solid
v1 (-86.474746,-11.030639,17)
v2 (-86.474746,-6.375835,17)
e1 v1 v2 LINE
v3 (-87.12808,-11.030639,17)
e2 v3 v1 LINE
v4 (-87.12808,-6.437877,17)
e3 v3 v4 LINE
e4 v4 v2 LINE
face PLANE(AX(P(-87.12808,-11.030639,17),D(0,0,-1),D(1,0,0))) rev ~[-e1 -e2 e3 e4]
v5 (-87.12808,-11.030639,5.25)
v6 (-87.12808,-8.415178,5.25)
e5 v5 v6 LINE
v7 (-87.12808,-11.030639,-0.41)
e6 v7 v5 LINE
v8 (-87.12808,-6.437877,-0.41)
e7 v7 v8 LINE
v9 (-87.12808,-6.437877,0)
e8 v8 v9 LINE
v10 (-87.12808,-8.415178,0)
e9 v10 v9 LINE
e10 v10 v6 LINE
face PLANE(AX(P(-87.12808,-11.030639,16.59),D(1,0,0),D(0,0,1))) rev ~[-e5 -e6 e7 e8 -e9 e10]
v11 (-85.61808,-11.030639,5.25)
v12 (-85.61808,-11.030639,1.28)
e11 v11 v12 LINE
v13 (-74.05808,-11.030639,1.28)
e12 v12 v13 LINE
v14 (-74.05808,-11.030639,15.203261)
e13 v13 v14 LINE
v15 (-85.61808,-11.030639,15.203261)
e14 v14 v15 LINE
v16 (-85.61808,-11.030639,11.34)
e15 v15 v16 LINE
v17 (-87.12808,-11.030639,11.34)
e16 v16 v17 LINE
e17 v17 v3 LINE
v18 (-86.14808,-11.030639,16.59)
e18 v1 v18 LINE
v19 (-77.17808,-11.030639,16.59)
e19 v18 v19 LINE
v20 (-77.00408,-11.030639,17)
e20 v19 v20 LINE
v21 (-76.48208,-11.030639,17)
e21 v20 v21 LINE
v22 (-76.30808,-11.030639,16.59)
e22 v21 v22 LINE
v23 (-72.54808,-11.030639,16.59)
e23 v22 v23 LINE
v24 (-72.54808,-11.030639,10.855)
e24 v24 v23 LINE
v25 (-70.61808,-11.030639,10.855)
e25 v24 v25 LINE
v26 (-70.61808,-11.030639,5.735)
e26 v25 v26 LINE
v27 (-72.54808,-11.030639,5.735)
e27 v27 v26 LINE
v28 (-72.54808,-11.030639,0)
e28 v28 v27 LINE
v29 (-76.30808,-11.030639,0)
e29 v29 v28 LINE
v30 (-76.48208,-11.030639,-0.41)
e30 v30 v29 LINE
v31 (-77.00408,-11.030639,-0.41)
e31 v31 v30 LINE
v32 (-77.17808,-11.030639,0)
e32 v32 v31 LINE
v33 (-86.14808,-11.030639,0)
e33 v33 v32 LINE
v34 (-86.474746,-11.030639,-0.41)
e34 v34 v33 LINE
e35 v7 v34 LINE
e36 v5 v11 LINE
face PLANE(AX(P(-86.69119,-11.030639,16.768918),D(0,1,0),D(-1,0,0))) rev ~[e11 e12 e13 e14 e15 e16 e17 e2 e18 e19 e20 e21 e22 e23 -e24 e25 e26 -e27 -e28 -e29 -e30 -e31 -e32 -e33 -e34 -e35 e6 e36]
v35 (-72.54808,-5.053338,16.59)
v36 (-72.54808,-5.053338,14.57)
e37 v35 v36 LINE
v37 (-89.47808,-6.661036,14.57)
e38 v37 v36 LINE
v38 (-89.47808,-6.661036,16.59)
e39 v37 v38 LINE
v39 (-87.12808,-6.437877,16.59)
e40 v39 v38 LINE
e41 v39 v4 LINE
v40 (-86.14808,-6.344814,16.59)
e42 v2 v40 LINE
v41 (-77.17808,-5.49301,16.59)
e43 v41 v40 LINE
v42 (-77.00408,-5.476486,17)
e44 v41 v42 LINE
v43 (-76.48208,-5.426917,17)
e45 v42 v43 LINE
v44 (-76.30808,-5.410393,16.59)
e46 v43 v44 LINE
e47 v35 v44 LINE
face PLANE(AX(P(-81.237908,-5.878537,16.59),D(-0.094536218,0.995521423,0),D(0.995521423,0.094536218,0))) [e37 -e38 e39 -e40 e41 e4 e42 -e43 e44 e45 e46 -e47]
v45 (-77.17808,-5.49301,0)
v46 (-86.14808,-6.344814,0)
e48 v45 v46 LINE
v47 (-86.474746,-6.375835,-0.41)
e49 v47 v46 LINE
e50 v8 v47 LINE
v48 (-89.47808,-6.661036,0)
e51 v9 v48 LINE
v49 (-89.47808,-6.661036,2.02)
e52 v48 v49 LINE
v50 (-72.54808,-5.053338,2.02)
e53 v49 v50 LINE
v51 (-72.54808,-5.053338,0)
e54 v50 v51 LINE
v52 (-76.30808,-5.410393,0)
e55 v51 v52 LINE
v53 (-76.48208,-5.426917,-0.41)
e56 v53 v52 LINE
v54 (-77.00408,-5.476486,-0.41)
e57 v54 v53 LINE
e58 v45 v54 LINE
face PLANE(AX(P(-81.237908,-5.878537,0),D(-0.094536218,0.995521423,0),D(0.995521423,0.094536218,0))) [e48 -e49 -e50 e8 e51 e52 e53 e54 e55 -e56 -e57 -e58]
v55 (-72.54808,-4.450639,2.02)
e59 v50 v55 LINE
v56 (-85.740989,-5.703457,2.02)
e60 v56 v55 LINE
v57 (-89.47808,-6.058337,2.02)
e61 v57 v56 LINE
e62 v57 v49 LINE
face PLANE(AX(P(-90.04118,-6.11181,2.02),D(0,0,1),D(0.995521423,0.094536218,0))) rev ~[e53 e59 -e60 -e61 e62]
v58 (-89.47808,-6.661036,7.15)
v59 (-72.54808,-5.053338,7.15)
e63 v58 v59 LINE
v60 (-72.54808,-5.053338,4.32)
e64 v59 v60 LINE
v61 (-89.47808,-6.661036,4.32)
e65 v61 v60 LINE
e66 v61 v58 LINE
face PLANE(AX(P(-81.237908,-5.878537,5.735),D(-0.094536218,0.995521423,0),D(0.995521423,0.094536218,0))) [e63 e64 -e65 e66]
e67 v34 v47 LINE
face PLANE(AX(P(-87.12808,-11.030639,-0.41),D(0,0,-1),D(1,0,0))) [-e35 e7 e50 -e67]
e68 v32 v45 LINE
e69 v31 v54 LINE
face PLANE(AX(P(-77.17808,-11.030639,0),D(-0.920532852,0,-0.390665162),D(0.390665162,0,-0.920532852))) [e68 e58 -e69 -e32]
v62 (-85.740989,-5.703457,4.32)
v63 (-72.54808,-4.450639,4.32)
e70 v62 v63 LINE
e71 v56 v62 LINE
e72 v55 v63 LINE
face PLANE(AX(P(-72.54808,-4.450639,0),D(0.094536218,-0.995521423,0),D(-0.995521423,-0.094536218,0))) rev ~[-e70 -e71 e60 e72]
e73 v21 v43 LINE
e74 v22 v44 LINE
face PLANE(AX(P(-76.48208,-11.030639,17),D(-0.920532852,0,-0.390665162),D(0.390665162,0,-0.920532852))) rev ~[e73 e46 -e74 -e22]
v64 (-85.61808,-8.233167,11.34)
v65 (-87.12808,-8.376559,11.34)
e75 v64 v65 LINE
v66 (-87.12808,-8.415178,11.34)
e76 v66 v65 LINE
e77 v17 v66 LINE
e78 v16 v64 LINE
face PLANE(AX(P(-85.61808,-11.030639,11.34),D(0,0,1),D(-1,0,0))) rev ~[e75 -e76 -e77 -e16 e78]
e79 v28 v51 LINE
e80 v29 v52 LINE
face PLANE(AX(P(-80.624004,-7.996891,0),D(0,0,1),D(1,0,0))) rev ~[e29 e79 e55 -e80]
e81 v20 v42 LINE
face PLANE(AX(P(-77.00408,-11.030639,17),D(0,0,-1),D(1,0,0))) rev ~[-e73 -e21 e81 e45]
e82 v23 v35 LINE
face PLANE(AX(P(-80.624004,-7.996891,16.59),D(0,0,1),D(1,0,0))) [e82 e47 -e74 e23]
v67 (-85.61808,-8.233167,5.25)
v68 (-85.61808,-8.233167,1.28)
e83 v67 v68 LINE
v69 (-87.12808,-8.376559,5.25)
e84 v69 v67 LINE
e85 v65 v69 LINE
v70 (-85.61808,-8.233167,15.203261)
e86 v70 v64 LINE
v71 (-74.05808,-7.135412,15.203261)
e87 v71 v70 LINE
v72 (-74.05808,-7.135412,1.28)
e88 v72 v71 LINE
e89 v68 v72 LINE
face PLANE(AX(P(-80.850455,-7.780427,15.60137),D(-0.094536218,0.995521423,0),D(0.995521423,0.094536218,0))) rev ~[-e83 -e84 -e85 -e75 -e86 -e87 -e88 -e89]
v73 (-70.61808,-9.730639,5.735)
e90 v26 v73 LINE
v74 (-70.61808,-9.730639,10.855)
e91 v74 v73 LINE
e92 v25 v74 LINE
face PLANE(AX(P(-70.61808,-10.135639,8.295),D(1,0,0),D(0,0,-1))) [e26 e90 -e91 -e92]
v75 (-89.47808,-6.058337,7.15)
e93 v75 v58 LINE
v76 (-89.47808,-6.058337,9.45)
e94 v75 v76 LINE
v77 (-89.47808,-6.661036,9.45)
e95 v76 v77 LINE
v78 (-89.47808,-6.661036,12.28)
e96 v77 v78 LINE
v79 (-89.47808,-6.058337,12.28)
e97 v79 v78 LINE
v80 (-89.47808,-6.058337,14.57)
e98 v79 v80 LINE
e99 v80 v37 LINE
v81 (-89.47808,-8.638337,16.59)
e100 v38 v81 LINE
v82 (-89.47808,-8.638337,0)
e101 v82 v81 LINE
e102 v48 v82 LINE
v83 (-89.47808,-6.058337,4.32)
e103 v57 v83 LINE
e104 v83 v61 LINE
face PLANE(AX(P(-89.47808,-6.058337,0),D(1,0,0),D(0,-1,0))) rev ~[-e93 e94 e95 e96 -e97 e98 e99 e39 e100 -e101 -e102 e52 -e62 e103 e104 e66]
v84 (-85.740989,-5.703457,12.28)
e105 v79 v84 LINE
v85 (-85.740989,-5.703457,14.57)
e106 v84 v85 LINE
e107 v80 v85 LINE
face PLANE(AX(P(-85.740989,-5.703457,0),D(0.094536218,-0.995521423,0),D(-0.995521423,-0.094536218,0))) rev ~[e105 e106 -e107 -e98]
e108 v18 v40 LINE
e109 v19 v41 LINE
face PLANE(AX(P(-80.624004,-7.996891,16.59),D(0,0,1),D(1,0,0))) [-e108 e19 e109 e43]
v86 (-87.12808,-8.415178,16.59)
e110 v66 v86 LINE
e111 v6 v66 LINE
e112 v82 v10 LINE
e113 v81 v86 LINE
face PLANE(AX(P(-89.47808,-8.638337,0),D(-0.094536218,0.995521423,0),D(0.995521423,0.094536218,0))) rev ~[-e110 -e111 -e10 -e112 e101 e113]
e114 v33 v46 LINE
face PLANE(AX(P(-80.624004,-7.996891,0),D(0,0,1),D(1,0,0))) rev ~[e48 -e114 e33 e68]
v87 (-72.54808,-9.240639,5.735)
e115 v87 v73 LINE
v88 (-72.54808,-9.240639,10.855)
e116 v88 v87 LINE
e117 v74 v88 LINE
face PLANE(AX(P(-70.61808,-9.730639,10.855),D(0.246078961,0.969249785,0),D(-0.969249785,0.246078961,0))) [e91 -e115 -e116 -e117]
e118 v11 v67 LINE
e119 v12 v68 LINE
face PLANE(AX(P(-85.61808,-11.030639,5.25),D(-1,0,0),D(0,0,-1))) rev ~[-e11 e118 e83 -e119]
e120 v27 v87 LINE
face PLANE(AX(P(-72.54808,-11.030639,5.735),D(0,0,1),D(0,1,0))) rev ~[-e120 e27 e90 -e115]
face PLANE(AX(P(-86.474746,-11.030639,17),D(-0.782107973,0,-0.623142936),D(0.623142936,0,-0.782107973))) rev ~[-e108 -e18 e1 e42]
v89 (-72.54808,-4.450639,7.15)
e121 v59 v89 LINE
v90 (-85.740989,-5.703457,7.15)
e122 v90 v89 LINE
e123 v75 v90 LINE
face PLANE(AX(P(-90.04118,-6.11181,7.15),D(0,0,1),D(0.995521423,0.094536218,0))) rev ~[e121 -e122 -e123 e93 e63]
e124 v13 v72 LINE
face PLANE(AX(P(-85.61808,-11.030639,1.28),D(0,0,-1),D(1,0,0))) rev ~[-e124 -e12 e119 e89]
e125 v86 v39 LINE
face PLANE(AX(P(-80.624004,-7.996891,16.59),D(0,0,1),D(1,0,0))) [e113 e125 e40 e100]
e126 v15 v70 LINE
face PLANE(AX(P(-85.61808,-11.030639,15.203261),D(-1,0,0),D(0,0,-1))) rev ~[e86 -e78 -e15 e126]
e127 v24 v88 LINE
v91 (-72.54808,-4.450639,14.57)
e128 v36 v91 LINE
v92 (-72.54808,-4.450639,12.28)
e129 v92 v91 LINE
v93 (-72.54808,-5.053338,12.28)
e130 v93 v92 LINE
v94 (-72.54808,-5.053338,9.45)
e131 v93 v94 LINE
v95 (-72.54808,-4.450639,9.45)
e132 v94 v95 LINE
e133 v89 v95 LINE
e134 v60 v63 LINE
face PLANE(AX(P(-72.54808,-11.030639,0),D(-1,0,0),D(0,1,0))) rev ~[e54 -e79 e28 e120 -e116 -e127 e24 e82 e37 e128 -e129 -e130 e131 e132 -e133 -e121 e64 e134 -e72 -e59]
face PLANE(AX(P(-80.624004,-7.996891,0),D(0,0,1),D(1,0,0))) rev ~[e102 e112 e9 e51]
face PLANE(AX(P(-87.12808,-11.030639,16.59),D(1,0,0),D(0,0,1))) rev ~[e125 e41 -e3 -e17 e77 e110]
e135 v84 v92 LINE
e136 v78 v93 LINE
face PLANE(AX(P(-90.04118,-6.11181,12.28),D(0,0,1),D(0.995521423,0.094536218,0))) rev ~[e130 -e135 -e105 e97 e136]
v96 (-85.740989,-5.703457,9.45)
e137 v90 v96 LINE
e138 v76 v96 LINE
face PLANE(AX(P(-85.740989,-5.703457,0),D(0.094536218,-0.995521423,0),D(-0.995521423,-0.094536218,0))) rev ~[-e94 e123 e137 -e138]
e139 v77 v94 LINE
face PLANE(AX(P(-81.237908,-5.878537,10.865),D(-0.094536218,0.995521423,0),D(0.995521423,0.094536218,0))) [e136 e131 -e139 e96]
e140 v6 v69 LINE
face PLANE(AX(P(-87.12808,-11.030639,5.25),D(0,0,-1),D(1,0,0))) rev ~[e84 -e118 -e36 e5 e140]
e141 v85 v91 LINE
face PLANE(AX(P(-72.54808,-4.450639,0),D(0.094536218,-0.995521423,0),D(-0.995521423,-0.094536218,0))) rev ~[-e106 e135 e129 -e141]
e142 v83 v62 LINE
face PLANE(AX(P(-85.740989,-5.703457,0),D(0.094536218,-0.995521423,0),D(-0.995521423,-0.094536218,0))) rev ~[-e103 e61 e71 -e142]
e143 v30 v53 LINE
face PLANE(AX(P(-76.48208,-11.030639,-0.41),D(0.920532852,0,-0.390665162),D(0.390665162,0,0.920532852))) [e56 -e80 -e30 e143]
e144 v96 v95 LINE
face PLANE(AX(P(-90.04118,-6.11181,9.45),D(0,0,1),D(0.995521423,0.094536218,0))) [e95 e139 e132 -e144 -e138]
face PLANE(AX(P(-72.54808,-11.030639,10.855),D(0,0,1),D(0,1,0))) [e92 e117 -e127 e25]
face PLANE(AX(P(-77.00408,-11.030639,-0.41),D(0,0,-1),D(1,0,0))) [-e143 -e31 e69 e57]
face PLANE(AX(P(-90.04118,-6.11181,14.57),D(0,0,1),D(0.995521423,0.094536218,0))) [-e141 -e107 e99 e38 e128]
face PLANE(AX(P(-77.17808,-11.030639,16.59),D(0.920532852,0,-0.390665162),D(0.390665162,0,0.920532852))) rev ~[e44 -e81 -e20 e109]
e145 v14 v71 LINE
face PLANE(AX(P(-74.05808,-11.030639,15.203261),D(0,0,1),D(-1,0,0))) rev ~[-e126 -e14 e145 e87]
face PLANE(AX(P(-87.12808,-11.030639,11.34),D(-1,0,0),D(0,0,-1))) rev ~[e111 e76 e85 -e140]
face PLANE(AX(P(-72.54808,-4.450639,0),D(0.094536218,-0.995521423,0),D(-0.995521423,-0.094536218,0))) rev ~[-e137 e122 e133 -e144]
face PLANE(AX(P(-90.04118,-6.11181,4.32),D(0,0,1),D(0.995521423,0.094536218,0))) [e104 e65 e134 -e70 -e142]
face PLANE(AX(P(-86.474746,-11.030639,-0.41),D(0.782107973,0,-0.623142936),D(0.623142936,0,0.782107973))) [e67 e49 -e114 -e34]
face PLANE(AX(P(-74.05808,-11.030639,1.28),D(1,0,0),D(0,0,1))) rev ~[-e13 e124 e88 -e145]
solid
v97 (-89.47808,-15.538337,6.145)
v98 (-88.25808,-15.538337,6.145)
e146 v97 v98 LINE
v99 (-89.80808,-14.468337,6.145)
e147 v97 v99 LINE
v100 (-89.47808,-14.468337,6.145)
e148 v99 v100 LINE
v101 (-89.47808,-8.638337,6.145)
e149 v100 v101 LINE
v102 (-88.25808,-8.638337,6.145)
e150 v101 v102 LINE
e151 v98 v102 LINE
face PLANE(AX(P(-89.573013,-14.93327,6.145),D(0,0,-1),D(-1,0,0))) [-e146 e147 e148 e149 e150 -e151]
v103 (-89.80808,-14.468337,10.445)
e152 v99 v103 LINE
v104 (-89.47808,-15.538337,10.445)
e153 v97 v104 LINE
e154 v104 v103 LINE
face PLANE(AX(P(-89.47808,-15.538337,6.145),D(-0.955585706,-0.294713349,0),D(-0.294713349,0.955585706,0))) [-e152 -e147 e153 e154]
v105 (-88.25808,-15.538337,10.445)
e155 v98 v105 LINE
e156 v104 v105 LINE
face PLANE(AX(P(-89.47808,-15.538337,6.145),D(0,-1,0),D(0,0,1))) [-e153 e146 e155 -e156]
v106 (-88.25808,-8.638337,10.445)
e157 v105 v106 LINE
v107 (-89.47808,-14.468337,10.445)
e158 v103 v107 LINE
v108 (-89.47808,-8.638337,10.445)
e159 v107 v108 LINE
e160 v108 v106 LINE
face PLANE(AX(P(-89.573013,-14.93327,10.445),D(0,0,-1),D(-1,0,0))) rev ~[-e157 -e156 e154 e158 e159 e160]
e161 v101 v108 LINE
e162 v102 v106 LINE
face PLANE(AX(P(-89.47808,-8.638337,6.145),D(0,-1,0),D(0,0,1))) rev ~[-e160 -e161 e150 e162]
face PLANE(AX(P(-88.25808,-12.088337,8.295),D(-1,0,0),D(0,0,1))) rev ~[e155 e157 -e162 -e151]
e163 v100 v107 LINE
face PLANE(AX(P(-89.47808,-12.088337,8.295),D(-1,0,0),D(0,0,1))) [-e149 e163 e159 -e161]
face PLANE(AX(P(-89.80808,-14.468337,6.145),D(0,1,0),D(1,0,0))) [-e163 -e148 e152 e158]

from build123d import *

# Parameters (mm, degrees)
BOSS_EXTRUDE1_DEPTH              = 16.59
BOSS_EXTRUDE2_DEPTH              = 6
SKETCH4_W                        = 17.571797515
SKETCH4_H                        = 4.04
SKETCH4_H_2                      = 2.83
CUT_EXTRUDE1_DEPTH               = 0.6
CUT_EXTRUDE2_DEPTH               = 1
SKETCH8_W                        = 5.12
SKETCH8_H                        = 1.79
BOSS_EXTRUDE3_DEPTH              = 1.93
CUT_EXTRUDE4_REACH               = 92.856
CUT_EXTRUDE5_REACH               = 95.246
CUT_EXTRUDE5_OFFSET_FROM_SURFACE = 1.93
SKETCH11_W                       = 4.3
SKETCH11_H                       = 6.9
BOSS_EXTRUDE4_DEPTH              = 1.22
BOSS_EXTRUDE5_DEPTH              = 4.3


with BuildPart() as part:
    # Sketch1 → Boss-Extrude1 (new body)
    with BuildSketch(Plane.XY):
        Polygon((-87.128079616, -11.030638703), (-72.548079616, -11.030638703), (-72.548079616, -4.450638703), (-85.740988622, -5.703457269), (-89.478079616, -6.058337075), (-89.478079616, -8.638337075), (-87.128079616, -8.415177525), align=None)
    extrude(amount=BOSS_EXTRUDE1_DEPTH)

    # Sketch6 → Boss-Extrude2 (add)
    with BuildSketch(Plane.XZ.offset(11.030638703)):
        Polygon((-87.128079616, 16.59), (-87.128079616, 17), (-86.474746282, 17), (-86.148079616, 16.59), align=None)
        Polygon((-77.178079616, 16.59), (-77.004079616, 17), (-76.482079616, 17), (-76.308079616, 16.59), align=None)
        Polygon((-87.128079616, 0), (-87.128079616, -0.41), (-86.474746282, -0.41), (-86.148079616, 0), align=None)
        Polygon((-77.178079616, 0), (-77.004079616, -0.41), (-76.482079616, -0.41), (-76.308079616, 0), align=None)
    extrude(amount=-BOSS_EXTRUDE2_DEPTH)

    # Sketch4 → Cut-Extrude1 (cut)
    with BuildSketch(Plane(origin=(-0.229506985, 2.416842188, 0), x_dir=(0.9955214229157637, 0.09453621801073521, 0), z_dir=(-0.0945362180107352, 0.9955214229157636, 0))):
        with Locations((-81.429812757, 0)):
            Rectangle(SKETCH4_W, SKETCH4_H)
        with Locations((-81.429812757, -16.59)):
            Rectangle(SKETCH4_W, SKETCH4_H)
        with Locations((-81.429812757, -5.735)):
            Rectangle(SKETCH4_W, SKETCH4_H_2)
        with Locations((-81.429812757, -10.865)):
            Rectangle(SKETCH4_W, SKETCH4_H_2)
    extrude(amount=-CUT_EXTRUDE1_DEPTH, mode=Mode.SUBTRACT)


with BuildPart() as cut_extrude1_piece_1:
    # of the separate pieces the step leaves, piece 1, a body of its own (cut_extrude1_pieces)
    add(part.part.solids().sort_by_distance((-87.128079616, -11.030638703, 17))[0])

    # Sketch8 → Boss-Extrude3 (add)
    with BuildSketch(Plane(origin=(-72.548079616, 0, 0), x_dir=(0, 0, -1), z_dir=(1, 0, 0))):
        with Locations((-8.295, -10.135638703)):
            Rectangle(SKETCH8_W, SKETCH8_H)
    extrude(amount=BOSS_EXTRUDE3_DEPTH)

    # Sketch9 → Cut-Extrude4 (cut, up to next)
    with BuildSketch(Plane.XY.offset(10.855), mode=Mode.PRIVATE) as cut_extrude4_sk1:
        Polygon((-70.618079616, -9.730638703), (-72.548079616, -9.240638703), (-70.618079616, -9.240638703), align=None)
    cut_extrude4_tool1 = extrude(cut_extrude4_sk1.sketch, amount=-CUT_EXTRUDE4_REACH, mode=Mode.PRIVATE) & cut_extrude1_piece_1.part
    add(cut_extrude4_tool1.solids().sort_by_distance((-71.261413, -9.403972, 10.855))[0], mode=Mode.SUBTRACT)

    # Cut-Extrude5: up to this face of the body (flat: up to its plane, moved by the offset)
    cut_extrude5_end = Plane(cut_extrude1_piece_1.part.faces().sort_by_distance((-81.032910057, -5.859070253, 15.601370182))[0]).offset(-CUT_EXTRUDE5_OFFSET_FROM_SURFACE)
    # Sketch10 → Cut-Extrude5 (cut, up to the picked face)
    with BuildSketch(Plane.XZ.offset(11.030638703), mode=Mode.PRIVATE) as cut_extrude5_sk1:
        Polygon((-74.058079616, 15.203261076), (-85.618079616, 15.203261076), (-85.618079616, 11.34), (-87.128079616, 11.34), (-87.128079616, 5.25), (-85.618079616, 5.25), (-85.618079616, 1.28), (-74.058079616, 1.28), align=None)
    cut_extrude5_tool1 = split(extrude(cut_extrude5_sk1.sketch, amount=-CUT_EXTRUDE5_REACH, mode=Mode.PRIVATE), bisect_by=cut_extrude5_end, keep=Keep.BOTH, mode=Mode.PRIVATE)
    add(cut_extrude5_tool1.solids().sort_by(Axis((-80.191272, -11.030639, 8.244515), (0, 1, 0)))[0], mode=Mode.SUBTRACT)


with BuildPart() as cut_extrude1_piece_2:
    # of the separate pieces the step leaves, piece 2, a body of its own (cut_extrude1_pieces)
    add(part.part.solids().sort_by_distance((-87.128079616, -5.835177525, 0))[0])


with BuildPart() as cut_extrude1_piece_3:
    # of the separate pieces the step leaves, piece 3, a body of its own (cut_extrude1_pieces)
    add(part.part.solids().sort_by_distance((-87.128079616, -5.835177525, 17))[0])


with BuildPart() as cut_extrude2_tool:
    # Sketch7 → Cut-Extrude2 (new body)
    with BuildSketch(Plane(origin=(0, -5.030638703, 0), x_dir=(1, 0, 0), z_dir=(0, 1, 0))):
        Polygon((-87.128079616, -17), (-86.474746282, -17), (-86.148079616, -16.59), (-87.128079616, -16.59), align=None)
        Polygon((-87.128079616, 0), (-87.128079616, 0.41), (-86.474746282, 0.41), (-86.148079616, 0), align=None)
    extrude(amount=-CUT_EXTRUDE2_DEPTH)


with BuildPart() as cut_extrude1_piece_2_1:
    add(cut_extrude1_piece_2.part)

    # Cut-Extrude2: cut by cut_extrude2_tool
    add(cut_extrude2_tool.part, mode=Mode.SUBTRACT)


with BuildPart() as cut_extrude1_piece_3_1:
    add(cut_extrude1_piece_3.part)

    # Cut-Extrude2: cut by cut_extrude2_tool
    add(cut_extrude2_tool.part, mode=Mode.SUBTRACT)


with BuildPart() as body_2:
    # Sketch11 → Boss-Extrude4 (new body)
    with BuildSketch(Plane.ZY.offset(89.478079616)):
        with Locations((8.295, -12.088337075)):
            Rectangle(SKETCH11_W, SKETCH11_H)
    extrude(amount=-BOSS_EXTRUDE4_DEPTH)

    # Sketch12 → Boss-Extrude5 (add)
    with BuildSketch(Plane(origin=(0, 0, 6.145), x_dir=(-1, 0, 0), z_dir=(0, 0, -1))):
        Polygon((89.478079616, -15.538337075), (89.808079616, -14.468337075), (89.478079616, -14.468337075), align=None)
    extrude(amount=-BOSS_EXTRUDE5_DEPTH)


solid = Compound([cut_extrude1_piece_1.part, body_2.part])
